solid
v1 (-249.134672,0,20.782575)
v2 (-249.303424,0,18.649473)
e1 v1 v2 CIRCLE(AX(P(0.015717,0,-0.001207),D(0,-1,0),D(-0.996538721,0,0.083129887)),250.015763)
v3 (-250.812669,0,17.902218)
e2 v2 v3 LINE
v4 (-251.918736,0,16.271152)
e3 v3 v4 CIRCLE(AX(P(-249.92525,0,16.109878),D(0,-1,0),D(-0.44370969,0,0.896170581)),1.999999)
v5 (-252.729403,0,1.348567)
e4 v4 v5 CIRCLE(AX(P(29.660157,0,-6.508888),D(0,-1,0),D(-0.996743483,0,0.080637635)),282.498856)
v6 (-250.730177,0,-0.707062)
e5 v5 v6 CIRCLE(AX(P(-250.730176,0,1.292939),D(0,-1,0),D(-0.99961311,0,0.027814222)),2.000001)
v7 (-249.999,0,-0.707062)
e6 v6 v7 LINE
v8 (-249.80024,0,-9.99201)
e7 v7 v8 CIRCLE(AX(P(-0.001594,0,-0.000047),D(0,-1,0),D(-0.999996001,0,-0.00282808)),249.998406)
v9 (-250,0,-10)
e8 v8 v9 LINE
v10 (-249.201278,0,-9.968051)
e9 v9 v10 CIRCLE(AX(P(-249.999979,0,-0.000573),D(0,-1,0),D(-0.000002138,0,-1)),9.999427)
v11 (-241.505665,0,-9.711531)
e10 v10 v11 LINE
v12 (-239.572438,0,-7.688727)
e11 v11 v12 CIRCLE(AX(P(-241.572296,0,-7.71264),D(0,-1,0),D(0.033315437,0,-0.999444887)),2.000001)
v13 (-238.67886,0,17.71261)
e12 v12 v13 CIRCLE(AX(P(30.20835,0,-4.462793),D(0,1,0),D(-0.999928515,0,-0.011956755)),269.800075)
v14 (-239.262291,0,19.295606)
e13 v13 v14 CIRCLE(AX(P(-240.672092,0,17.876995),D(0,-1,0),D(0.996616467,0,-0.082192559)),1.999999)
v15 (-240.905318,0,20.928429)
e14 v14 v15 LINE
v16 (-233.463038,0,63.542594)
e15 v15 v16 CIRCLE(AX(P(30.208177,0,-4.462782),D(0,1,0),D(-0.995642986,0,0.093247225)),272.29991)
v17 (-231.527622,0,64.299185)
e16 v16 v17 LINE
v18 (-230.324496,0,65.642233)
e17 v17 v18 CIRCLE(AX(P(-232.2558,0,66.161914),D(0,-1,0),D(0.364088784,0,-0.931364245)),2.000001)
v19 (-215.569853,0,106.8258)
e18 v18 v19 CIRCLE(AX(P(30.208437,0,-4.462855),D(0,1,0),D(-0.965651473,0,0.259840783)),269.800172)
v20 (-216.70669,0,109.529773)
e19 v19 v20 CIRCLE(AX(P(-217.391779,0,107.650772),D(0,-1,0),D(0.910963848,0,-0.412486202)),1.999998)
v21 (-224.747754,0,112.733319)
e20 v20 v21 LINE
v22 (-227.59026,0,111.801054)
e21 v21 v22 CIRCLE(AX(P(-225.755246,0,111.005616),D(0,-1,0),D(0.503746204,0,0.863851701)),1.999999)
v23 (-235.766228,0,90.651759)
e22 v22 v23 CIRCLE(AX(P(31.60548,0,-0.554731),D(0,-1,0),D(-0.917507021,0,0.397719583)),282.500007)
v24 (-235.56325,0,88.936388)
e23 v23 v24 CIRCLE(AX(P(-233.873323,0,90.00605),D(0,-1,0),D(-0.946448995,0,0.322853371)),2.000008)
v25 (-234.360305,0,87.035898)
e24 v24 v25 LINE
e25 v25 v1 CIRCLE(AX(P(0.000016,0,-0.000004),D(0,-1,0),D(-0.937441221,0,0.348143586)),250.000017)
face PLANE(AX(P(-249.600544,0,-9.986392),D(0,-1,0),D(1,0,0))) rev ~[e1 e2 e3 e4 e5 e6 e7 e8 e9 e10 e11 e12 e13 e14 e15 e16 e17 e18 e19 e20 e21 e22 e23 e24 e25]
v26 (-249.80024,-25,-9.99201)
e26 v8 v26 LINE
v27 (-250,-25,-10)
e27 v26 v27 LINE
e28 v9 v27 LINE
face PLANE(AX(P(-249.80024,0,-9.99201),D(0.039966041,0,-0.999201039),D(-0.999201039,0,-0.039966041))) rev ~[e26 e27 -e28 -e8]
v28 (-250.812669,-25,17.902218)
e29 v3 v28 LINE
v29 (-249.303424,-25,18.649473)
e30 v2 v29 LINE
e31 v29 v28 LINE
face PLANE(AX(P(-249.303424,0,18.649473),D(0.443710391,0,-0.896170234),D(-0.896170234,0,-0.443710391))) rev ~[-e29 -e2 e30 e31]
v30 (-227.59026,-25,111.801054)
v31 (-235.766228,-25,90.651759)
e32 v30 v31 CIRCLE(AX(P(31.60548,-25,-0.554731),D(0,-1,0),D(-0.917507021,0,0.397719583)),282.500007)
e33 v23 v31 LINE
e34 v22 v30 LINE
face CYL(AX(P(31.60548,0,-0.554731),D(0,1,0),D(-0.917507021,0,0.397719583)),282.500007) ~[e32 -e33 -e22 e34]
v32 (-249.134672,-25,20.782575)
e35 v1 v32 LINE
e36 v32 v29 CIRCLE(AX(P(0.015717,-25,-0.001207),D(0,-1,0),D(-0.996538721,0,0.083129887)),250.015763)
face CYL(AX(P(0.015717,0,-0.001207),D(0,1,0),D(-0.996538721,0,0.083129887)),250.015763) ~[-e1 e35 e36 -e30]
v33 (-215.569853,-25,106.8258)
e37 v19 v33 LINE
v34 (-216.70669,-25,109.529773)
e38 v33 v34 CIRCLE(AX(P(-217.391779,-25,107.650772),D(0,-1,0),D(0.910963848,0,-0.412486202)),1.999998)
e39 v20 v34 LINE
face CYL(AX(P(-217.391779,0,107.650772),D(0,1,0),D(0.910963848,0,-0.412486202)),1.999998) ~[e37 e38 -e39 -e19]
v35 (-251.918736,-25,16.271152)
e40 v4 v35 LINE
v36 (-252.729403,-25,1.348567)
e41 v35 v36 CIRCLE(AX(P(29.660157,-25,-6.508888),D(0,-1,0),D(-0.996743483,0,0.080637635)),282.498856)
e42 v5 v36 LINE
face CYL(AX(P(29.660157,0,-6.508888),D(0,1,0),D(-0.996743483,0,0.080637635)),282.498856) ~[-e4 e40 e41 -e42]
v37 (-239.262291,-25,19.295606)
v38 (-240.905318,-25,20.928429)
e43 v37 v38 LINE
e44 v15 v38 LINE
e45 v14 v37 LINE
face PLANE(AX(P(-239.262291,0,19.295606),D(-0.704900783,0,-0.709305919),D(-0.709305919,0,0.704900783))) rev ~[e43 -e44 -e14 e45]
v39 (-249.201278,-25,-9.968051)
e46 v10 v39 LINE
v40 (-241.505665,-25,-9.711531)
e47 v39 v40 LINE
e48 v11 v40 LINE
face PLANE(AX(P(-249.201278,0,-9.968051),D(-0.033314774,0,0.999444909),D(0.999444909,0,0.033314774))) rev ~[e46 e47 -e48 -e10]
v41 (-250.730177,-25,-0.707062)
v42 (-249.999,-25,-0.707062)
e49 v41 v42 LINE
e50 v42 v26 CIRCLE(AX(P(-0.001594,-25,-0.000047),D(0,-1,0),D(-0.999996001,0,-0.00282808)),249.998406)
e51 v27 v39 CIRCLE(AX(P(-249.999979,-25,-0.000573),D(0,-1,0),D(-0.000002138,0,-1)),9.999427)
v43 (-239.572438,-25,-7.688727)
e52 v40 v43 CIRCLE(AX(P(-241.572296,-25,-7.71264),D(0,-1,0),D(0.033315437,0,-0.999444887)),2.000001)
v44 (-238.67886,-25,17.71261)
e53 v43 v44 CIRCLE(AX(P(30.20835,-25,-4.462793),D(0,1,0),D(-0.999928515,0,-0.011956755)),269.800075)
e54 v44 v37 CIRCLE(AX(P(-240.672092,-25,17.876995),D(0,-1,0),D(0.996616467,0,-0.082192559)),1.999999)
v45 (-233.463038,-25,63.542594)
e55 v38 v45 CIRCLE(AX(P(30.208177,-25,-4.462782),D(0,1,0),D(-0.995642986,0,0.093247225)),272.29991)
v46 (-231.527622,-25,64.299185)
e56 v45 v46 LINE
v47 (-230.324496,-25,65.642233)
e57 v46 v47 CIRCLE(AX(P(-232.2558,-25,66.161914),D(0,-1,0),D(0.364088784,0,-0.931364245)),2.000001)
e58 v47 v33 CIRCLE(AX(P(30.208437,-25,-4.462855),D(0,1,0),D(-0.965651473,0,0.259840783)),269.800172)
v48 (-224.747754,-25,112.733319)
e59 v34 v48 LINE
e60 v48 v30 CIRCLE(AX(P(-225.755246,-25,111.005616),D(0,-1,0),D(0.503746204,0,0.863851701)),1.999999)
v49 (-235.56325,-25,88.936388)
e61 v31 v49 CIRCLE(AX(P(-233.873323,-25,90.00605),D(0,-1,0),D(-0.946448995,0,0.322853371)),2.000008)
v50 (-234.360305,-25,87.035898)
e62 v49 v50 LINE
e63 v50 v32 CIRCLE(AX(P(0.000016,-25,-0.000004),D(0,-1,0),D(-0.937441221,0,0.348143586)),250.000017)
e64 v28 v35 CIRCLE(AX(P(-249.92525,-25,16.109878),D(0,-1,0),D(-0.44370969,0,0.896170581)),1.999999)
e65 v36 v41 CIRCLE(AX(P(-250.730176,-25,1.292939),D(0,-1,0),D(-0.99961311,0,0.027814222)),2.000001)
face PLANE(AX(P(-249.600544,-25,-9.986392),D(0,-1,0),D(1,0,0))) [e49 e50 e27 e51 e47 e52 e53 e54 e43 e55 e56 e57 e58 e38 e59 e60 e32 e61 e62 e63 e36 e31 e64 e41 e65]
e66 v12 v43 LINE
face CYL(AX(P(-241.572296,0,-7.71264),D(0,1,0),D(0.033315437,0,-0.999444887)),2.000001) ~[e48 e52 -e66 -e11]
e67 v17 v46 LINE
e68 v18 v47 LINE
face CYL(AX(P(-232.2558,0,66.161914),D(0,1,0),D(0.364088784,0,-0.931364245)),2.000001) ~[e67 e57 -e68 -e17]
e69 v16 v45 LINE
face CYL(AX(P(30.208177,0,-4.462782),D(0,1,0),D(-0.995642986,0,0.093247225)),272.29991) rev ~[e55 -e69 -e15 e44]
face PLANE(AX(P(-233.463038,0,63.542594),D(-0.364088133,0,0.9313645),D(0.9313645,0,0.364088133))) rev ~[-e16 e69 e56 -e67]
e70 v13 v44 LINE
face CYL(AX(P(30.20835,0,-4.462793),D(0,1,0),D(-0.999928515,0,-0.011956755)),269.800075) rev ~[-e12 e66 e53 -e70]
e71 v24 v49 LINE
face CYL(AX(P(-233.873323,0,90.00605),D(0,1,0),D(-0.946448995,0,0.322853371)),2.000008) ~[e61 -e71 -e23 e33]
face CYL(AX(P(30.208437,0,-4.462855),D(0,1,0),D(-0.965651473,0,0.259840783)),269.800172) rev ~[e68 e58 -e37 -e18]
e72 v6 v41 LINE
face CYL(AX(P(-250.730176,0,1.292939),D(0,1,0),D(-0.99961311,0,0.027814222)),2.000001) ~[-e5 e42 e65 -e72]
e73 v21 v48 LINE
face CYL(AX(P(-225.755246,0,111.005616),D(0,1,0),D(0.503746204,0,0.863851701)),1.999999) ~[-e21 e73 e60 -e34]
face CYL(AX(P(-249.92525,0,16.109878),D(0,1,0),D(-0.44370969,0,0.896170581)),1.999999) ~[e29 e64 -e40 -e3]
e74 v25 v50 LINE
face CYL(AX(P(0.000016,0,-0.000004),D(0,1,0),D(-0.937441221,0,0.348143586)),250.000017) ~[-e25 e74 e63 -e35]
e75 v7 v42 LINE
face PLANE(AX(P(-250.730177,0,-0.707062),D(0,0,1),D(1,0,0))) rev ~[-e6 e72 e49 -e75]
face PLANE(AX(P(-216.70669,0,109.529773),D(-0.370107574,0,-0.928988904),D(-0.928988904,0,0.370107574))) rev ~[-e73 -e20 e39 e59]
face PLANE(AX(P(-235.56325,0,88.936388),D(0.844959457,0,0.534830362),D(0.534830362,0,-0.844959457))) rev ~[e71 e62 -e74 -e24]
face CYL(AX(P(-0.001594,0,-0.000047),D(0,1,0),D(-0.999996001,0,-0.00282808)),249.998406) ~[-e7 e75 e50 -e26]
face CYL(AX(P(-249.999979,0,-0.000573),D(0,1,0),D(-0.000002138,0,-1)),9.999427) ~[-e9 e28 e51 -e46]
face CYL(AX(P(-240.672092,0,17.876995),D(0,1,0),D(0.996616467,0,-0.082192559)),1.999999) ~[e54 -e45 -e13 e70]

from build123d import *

# Parameters (mm, degrees)
F1_DEPTH = 25


with BuildPart() as f1:
    # F0 (on Front) → F1 (new body)
    with BuildSketch(Plane.XZ):
        with BuildLine():
            Line((-249.201278, -9.968051), (-249.80024, -9.99201))
            Line((-249.80024, -9.99201), (-250, -10))
            ThreePointArc((-250, -10), (-249.60032, -9.99201), (-249.201278, -9.968051))
        make_face()
        with BuildLine():
            ThreePointArc((-249.999, -0.707062), (-249.942739, -5.350459), (-249.80024, -9.99201))
            Line((-249.80024, -9.99201), (-249.201278, -9.968051))
            Line((-249.201278, -9.968051), (-241.505665, -9.711531))
            ThreePointArc((-241.505665, -9.711531), (-240.12643, -9.094478), (-239.572438, -7.688727))
            ThreePointArc((-239.572438, -7.688727), (-239.424938, 5.02247), (-238.67886, 17.71261))
            ThreePointArc((-238.67886, 17.71261), (-238.795492, 18.568637), (-239.262291, 19.295606))
            Line((-239.262291, 19.295606), (-240.905318, 20.928429))
            ThreePointArc((-240.905318, 20.928429), (-238.031759, 42.383536), (-233.463038, 63.542594))
            Line((-233.463038, 63.542594), (-231.527622, 64.299185))
            ThreePointArc((-231.527622, 64.299185), (-230.766117, 64.82743), (-230.324496, 65.642233))
            ThreePointArc((-230.324496, 65.642233), (-223.783266, 86.533559), (-215.569853, 106.8258))
            ThreePointArc((-215.569853, 106.8258), (-215.548101, 108.425913), (-216.70669, 109.529773))
            Line((-216.70669, 109.529773), (-224.747754, 112.733319))
            ThreePointArc((-224.747754, 112.733319), (-226.378526, 112.906016), (-227.59026, 111.801054))
            ThreePointArc((-227.59026, 111.801054), (-231.890521, 101.308469), (-235.766228, 90.651759))
            ThreePointArc((-235.766228, 90.651759), (-235.859474, 89.771031), (-235.56325, 88.936388))
            Line((-235.56325, 88.936388), (-234.360305, 87.035898))
            ThreePointArc((-234.360305, 87.035898), (-244.006606, 54.413016), (-249.134672, 20.782575))
            ThreePointArc((-249.134672, 20.782575), (-249.22133, 19.716205), (-249.303424, 18.649473))
            Line((-249.303424, 18.649473), (-250.812669, 17.902218))
            ThreePointArc((-250.812669, 17.902218), (-251.580544, 17.232374), (-251.918736, 16.271152))
            ThreePointArc((-251.918736, 16.271152), (-252.422765, 8.815221), (-252.729403, 1.348567))
            ThreePointArc((-252.729403, 1.348567), (-252.163923, -0.101469), (-250.730177, -0.707062))
            Line((-250.730177, -0.707062), (-249.999, -0.707062))
        make_face()
    extrude(amount=F1_DEPTH)


solid = f1.part
